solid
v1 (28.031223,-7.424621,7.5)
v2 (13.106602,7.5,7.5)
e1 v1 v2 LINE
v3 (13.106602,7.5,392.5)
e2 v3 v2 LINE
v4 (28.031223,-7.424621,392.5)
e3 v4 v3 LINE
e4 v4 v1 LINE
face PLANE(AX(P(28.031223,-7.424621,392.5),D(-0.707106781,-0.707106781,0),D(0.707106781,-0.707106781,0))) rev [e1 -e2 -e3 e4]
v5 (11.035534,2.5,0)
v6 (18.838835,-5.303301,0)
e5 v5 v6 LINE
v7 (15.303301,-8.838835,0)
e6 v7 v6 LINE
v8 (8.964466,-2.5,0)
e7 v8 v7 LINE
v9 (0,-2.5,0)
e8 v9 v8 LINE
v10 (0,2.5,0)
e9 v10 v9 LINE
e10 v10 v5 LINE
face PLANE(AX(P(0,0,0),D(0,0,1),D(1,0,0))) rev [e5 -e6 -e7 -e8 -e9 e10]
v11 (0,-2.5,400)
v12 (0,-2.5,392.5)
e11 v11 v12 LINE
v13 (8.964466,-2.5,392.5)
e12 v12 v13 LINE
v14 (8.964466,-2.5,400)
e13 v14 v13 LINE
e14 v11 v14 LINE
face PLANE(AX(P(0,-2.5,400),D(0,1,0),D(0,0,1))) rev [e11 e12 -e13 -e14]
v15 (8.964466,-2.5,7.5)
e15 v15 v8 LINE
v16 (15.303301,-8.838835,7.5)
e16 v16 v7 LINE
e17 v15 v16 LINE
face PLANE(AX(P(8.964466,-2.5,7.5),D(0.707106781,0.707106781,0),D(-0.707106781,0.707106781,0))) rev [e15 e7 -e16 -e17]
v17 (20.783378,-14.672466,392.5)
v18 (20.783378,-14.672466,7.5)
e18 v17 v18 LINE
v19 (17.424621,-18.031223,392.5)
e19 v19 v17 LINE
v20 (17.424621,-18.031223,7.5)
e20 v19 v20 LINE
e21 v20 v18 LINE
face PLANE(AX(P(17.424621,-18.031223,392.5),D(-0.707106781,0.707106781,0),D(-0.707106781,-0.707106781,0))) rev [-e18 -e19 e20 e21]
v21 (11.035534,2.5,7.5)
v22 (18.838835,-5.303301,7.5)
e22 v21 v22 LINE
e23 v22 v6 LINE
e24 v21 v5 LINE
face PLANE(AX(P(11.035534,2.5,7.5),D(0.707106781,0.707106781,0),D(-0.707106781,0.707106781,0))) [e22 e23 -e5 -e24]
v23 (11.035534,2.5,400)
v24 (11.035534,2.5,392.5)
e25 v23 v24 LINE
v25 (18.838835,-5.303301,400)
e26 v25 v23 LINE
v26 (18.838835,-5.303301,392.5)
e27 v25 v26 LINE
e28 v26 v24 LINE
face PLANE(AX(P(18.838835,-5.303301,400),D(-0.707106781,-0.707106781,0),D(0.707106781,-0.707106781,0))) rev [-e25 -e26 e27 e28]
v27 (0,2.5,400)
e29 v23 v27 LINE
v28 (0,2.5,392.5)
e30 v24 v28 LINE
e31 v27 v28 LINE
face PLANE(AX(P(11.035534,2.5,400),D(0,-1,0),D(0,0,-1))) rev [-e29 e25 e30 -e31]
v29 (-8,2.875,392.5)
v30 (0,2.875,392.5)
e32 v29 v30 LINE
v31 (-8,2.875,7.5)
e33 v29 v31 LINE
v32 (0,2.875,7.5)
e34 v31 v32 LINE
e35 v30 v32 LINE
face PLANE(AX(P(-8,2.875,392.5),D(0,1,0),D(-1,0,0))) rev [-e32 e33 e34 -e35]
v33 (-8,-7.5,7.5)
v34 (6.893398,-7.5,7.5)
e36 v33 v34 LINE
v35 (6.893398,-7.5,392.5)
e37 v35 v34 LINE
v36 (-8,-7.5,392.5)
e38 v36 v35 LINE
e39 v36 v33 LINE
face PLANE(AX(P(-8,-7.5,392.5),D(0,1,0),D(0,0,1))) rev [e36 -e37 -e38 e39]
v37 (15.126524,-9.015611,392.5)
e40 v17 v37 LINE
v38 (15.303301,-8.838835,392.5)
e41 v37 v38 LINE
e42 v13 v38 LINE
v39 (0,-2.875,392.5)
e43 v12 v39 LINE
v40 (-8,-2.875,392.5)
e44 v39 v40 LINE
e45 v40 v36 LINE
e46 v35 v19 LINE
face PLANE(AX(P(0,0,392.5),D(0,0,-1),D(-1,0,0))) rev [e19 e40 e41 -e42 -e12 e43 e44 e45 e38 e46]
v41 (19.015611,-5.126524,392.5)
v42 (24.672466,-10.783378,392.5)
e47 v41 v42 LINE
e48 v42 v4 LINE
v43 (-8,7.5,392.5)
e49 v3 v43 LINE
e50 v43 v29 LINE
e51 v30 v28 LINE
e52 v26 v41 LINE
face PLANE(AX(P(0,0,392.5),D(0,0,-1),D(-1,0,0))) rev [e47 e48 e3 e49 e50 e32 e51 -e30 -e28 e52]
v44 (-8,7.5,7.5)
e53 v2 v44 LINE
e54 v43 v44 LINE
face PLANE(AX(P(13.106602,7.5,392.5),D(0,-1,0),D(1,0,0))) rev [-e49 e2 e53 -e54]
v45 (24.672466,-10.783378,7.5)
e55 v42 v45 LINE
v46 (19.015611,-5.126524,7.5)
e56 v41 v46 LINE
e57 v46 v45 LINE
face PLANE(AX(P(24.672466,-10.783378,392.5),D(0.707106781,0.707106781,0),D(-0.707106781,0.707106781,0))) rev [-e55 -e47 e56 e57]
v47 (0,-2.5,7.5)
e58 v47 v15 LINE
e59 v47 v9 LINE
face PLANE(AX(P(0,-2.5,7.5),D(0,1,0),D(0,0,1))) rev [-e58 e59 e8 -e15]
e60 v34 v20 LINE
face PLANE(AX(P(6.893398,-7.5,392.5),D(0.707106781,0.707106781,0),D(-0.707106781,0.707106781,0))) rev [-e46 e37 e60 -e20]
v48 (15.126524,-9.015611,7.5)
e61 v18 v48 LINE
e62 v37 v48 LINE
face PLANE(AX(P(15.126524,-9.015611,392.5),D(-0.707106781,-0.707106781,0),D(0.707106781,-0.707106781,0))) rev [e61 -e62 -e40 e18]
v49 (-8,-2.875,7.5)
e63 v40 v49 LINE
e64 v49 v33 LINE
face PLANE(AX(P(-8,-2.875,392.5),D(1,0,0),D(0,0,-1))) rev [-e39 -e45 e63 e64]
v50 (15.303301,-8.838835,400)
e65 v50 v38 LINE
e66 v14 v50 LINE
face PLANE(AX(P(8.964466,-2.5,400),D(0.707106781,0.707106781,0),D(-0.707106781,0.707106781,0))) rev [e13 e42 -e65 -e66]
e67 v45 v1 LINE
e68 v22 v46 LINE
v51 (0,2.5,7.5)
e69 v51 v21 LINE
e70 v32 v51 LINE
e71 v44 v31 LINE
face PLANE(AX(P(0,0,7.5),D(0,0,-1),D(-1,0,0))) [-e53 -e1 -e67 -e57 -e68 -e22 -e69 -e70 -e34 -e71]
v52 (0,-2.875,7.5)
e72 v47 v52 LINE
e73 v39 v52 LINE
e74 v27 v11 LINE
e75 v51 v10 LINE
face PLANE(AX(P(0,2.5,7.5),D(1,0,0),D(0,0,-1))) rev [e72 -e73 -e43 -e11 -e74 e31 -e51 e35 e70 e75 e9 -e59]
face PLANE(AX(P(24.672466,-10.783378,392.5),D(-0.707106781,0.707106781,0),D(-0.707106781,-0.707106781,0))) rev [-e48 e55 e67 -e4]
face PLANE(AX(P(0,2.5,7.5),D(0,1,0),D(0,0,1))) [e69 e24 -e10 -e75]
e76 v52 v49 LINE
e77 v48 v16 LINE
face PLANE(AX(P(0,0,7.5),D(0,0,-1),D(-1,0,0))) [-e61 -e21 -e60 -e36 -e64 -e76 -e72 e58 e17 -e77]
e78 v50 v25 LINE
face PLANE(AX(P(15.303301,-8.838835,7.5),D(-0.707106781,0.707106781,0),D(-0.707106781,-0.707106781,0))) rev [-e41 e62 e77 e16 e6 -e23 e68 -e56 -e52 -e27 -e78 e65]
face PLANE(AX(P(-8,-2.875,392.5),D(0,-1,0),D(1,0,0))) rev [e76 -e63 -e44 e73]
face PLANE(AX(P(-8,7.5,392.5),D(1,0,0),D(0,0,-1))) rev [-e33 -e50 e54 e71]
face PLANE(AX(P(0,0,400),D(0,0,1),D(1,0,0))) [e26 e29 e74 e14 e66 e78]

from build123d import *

# Parameters (mm, degrees)
BOSS_EXTRUDE1_DEPTH = 7.5
BOSS_EXTRUDE2_DEPTH = 385
BOSS_EXTRUDE3_DEPTH = 7.5


with BuildPart() as part:
    # Sketch1 → Boss-Extrude1 (new body)
    with BuildSketch(Plane.XY):
        Polygon((0, -2.5), (8.964466094, -2.5), (15.303300859, -8.838834765), (18.838834765, -5.303300859), (11.035533906, 2.5), (0, 2.5), align=None)
    extrude(amount=BOSS_EXTRUDE1_DEPTH)

    # Sketch2 → Boss-Extrude2 (add)
    with BuildSketch(Plane.XY.offset(7.5)):
        Polygon((15.126524164, -9.01561146), (20.783378413, -14.67246571), (17.424621202, -18.03122292), (6.893398282, -7.5), (-8, -7.5), (-8, -2.875), (0, -2.875), (0, 2.875), (-8, 2.875), (-8, 7.5), (13.106601718, 7.5), (28.03122292, -7.424621202), (24.67246571, -10.783378413), (19.01561146, -5.126524164), align=None)
    extrude(amount=BOSS_EXTRUDE2_DEPTH)

    # Sketch4 → Boss-Extrude3 (add)
    with BuildSketch(Plane.XY.offset(392.5)):
        Polygon((15.303300859, -8.838834765), (18.838834765, -5.303300859), (11.035533906, 2.5), (0, 2.5), (0, -2.5), (8.964466094, -2.5), align=None)
    extrude(amount=BOSS_EXTRUDE3_DEPTH)


solid = part.part
